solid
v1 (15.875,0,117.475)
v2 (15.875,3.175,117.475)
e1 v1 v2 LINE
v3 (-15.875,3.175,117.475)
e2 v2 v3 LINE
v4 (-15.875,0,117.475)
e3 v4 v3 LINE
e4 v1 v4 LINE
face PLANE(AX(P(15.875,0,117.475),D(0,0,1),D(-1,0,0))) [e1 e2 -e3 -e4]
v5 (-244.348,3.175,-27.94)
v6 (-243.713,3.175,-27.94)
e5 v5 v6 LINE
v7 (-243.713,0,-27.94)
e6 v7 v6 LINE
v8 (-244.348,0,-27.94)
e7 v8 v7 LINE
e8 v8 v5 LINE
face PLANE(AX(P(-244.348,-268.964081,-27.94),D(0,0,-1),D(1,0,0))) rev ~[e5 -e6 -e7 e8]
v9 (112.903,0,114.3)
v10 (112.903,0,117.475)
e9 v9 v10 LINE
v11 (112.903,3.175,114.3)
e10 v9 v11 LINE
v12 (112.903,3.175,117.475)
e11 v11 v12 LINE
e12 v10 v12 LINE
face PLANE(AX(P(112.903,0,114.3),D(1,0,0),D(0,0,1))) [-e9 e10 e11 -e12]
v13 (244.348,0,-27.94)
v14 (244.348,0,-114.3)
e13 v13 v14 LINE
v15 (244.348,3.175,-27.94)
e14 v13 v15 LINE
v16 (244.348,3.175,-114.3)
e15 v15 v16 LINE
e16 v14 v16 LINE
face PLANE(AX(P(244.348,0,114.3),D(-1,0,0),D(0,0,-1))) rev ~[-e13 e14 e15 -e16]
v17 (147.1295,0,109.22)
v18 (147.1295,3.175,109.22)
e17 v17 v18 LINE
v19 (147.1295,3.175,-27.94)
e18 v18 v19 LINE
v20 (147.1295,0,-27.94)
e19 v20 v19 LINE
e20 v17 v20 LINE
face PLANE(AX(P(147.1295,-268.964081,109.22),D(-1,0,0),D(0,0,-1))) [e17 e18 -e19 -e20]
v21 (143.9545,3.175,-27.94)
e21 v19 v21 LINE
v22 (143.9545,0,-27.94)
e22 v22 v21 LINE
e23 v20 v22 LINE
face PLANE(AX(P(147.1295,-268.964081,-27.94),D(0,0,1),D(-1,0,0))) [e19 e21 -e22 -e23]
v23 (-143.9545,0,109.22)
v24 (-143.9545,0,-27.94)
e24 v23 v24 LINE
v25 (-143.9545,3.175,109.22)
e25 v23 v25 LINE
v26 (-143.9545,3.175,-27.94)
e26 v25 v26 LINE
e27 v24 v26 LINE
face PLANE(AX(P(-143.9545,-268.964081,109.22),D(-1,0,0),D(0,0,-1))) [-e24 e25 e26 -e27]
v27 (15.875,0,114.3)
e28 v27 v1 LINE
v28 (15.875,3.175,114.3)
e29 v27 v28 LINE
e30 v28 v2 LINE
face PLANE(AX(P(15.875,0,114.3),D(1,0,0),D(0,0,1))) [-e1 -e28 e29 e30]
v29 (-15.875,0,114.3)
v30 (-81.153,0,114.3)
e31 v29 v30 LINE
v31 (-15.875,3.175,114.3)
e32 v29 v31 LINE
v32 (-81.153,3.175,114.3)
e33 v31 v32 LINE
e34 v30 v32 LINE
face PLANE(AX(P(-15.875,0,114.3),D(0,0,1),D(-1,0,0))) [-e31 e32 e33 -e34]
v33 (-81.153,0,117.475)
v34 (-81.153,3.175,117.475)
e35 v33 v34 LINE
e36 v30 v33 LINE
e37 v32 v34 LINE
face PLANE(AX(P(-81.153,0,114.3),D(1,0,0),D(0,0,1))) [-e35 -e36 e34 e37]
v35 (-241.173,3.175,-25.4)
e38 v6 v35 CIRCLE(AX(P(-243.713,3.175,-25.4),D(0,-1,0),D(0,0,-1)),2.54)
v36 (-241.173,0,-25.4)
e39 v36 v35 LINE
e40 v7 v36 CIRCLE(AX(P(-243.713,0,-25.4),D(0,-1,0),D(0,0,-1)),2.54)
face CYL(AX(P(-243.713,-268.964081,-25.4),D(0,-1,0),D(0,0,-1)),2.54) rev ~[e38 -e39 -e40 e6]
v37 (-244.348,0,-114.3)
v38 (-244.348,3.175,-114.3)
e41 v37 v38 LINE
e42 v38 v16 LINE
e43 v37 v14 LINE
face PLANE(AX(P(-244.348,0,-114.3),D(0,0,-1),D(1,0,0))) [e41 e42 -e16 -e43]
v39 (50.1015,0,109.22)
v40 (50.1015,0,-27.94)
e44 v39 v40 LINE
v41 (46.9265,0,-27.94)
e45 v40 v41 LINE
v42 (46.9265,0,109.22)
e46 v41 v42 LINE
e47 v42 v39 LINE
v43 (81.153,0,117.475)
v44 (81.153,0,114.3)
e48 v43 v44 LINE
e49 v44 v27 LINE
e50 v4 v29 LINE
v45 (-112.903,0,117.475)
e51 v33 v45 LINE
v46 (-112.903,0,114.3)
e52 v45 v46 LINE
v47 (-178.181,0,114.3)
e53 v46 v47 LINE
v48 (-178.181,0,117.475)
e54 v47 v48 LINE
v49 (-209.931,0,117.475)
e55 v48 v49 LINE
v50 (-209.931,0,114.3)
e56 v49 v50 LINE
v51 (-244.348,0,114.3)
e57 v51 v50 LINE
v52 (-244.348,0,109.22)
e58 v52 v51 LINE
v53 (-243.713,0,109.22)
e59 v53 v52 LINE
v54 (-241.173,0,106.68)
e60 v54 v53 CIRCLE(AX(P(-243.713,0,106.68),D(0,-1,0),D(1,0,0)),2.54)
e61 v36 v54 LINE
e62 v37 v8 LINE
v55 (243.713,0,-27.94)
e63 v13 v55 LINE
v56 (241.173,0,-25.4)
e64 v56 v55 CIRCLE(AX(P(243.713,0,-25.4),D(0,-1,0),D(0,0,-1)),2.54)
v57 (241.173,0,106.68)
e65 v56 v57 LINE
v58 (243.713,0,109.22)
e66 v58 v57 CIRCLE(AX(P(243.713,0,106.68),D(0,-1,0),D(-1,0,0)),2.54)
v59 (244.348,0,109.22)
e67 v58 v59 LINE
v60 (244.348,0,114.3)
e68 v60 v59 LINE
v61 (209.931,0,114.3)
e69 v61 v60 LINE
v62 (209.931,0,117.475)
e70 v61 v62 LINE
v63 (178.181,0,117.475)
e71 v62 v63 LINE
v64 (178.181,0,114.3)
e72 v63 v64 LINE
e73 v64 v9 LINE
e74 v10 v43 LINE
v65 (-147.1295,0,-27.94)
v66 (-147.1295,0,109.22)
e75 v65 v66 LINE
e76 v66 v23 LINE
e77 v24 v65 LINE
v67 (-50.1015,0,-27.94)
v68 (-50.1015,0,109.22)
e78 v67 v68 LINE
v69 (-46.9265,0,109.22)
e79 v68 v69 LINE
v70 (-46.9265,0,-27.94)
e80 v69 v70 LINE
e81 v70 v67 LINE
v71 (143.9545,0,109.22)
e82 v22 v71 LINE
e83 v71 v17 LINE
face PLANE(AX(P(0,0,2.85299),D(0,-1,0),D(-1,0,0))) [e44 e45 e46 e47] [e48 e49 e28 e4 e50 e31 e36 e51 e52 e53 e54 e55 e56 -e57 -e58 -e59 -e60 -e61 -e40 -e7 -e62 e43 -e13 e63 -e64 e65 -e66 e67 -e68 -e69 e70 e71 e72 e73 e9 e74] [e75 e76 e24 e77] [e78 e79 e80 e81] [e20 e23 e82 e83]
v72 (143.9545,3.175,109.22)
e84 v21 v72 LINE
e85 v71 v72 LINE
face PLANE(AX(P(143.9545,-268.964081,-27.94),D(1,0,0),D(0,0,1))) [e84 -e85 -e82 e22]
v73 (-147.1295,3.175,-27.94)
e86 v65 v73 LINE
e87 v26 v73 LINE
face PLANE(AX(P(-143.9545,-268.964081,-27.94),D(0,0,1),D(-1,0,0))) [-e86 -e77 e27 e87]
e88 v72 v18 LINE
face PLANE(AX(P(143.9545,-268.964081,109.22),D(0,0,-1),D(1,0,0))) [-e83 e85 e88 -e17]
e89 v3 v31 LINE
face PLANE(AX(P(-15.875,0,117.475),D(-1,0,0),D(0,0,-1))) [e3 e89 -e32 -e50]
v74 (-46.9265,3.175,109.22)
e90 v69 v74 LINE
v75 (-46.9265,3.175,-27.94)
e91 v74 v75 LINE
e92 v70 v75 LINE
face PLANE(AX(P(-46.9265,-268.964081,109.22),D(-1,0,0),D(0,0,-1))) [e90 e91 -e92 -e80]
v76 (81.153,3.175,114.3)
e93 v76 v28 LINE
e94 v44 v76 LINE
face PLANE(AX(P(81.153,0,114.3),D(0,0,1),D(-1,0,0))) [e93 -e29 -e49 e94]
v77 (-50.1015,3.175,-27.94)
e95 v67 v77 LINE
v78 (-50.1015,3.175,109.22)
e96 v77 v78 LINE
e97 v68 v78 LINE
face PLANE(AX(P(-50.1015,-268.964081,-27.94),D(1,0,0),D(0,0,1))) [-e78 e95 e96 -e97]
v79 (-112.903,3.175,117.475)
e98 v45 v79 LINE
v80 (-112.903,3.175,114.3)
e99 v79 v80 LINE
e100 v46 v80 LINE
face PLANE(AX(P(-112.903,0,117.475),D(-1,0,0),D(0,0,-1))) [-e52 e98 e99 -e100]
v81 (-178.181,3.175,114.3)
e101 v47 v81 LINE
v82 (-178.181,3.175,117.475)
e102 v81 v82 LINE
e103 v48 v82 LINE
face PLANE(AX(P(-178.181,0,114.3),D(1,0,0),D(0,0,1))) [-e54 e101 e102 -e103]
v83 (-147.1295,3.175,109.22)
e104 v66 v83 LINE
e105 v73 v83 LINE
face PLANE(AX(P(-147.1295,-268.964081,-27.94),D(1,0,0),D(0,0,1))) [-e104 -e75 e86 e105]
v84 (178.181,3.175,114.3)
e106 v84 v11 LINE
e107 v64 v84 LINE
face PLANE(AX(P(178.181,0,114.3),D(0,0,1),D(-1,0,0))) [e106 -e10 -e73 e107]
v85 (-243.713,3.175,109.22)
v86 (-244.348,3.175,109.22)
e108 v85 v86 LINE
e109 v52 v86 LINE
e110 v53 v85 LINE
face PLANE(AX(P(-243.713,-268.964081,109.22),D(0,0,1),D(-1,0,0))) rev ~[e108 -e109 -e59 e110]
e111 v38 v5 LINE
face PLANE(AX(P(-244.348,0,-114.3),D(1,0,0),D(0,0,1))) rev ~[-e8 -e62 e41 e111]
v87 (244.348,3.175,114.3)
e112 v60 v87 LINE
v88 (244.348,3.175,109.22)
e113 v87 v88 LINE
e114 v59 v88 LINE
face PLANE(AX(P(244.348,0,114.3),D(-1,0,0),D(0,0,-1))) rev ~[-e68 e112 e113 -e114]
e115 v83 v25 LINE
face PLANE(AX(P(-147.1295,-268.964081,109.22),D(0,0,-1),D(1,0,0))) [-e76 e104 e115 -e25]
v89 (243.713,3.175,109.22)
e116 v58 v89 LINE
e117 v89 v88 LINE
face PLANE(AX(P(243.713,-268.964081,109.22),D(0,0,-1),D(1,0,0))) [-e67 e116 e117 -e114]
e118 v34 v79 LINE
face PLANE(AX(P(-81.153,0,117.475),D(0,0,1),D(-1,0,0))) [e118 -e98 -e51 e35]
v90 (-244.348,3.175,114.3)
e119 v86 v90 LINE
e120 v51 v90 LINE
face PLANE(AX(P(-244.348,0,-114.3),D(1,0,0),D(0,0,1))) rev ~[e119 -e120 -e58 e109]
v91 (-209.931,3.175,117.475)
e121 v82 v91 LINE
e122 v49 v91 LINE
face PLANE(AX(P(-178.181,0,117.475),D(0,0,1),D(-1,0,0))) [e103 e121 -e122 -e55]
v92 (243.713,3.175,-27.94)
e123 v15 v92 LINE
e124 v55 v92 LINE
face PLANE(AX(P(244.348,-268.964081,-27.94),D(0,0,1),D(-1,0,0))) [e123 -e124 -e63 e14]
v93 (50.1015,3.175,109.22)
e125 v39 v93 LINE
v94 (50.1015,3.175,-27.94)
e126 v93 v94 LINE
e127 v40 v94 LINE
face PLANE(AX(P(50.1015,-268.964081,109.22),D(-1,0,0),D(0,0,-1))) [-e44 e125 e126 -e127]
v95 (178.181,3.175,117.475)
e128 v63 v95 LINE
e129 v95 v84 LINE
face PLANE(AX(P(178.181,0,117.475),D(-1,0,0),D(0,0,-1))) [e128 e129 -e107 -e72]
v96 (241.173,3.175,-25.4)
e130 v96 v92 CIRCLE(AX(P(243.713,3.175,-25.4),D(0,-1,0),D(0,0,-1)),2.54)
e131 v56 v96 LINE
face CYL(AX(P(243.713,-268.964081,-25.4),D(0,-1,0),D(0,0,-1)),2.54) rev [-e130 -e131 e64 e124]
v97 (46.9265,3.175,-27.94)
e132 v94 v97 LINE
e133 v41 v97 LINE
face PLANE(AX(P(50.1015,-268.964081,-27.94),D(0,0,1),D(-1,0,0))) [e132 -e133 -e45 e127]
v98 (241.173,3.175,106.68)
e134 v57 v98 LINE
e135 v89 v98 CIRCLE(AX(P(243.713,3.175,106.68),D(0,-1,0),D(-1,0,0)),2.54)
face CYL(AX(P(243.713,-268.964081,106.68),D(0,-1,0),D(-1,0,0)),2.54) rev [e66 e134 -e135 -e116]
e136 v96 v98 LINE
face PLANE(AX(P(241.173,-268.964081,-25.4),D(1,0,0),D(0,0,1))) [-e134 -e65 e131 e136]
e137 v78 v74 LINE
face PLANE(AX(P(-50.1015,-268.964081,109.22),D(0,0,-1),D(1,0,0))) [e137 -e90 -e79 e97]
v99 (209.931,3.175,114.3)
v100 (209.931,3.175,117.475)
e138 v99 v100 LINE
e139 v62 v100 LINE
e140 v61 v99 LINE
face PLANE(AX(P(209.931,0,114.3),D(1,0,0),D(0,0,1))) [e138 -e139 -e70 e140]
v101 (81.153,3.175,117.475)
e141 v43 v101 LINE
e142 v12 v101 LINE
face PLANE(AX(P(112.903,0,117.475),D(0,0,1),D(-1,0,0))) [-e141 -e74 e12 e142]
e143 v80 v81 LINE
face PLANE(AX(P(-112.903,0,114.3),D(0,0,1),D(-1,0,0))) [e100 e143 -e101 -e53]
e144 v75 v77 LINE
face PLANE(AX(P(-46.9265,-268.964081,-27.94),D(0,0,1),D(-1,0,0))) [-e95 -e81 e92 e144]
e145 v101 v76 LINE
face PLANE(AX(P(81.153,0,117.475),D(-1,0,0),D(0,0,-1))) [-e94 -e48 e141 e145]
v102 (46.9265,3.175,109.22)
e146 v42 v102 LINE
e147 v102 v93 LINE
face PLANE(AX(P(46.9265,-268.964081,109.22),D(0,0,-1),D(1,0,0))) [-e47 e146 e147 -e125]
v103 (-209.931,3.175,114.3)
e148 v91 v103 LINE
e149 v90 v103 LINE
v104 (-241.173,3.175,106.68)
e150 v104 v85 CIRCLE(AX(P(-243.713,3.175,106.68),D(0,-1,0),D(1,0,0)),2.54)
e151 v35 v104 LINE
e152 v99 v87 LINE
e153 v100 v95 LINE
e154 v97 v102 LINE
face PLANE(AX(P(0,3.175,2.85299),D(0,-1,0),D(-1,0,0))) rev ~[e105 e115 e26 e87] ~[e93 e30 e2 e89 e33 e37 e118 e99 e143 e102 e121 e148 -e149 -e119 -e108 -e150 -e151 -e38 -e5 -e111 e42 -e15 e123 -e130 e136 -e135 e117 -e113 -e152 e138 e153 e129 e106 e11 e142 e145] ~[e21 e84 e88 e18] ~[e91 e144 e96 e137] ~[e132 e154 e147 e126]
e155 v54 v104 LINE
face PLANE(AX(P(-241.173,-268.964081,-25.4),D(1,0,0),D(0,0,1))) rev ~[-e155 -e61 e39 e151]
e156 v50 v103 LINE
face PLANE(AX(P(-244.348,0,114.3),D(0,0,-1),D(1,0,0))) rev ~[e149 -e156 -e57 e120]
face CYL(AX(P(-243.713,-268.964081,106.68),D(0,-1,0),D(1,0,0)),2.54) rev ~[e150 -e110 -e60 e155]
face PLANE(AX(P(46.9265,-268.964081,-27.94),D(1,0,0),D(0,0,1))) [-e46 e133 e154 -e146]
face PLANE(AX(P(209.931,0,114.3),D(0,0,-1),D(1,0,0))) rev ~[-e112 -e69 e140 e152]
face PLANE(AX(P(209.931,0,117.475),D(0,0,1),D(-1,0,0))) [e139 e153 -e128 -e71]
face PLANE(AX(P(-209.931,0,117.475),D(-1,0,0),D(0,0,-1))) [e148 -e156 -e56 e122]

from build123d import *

# Parameters (mm, degrees)
BOSS_EXTRUDE1_DEPTH     = 3.175
CUT_EXTRUDE1_DEPTH      = 272.1390812
CUT_EXTRUDE1_DEPTH_BACK = 272.1390812
CUT_EXTRUDE3_DEPTH      = 272.1390812
CUT_EXTRUDE3_DEPTH_BACK = 272.1390812


with BuildPart() as part:
    # Sketch1 → Boss-Extrude1 (new body)
    with BuildSketch(Plane(origin=(0, 0, 0), x_dir=(1, 0, 0), z_dir=(0, 1, 0))):
        Polygon((-244.348, 114.3), (244.348, 114.3), (244.348, 31.75), (244.348, -114.3), (241.173, -114.3), (209.931, -114.3), (209.931, -117.475), (178.181, -117.475), (178.181, -114.3), (112.903, -114.3), (112.903, -117.475), (81.153, -117.475), (81.153, -114.3), (15.875, -114.3), (15.875, -117.475), (-15.875, -117.475), (-15.875, -114.3), (-81.153, -114.3), (-81.153, -117.475), (-112.903, -117.475), (-112.903, -114.3), (-178.181, -114.3), (-178.181, -117.475), (-209.931, -117.475), (-209.931, -114.3), (-241.173, -114.3), (-244.348, -114.3), (-244.348, 31.75), align=None)
    extrude(amount=BOSS_EXTRUDE1_DEPTH)

    # Sketch2 → Cut-Extrude1 (cut, two sides: drawn at the far end of the back side and taken through both)
    with BuildSketch(Plane(origin=(0, 3.175, 0), x_dir=(1, 0, 0), z_dir=(0, 1, 0)).offset(-CUT_EXTRUDE1_DEPTH_BACK)):
        with BuildLine():
            Line((244.348, 27.94), (243.713, 27.94))
            ThreePointArc((243.713, 27.94), (241.916948776, 27.196051224), (241.173, 25.4))
            Line((241.173, 25.4), (241.173, -106.68))
            ThreePointArc((241.173, -106.68), (241.916948776, -108.476051224), (243.713, -109.22))
            Line((243.713, -109.22), (244.348, -109.22))
            Line((244.348, -109.22), (244.348, 27.94))
        make_face()
        with BuildLine():
            Line((-243.713, -109.22), (-244.348, -109.22))
            Line((-244.348, -109.22), (-244.348, 27.94))
            Line((-244.348, 27.94), (-243.713, 27.94))
            ThreePointArc((-243.713, 27.94), (-241.916948776, 27.196051224), (-241.173, 25.4))
            Line((-241.173, 25.4), (-241.173, -106.68))
            ThreePointArc((-241.173, -106.68), (-241.916948776, -108.476051224), (-243.713, -109.22))
        make_face()
    extrude(amount=CUT_EXTRUDE1_DEPTH + CUT_EXTRUDE1_DEPTH_BACK, mode=Mode.SUBTRACT)

    # Sketch4 → Cut-Extrude3 (cut, two sides: drawn at the far end of the back side and taken through both)
    with BuildSketch(Plane(origin=(0, 3.175, 0), x_dir=(1, 0, 0), z_dir=(0, 1, 0)).offset(-CUT_EXTRUDE3_DEPTH_BACK)):
        Polygon((-145.542, 27.94), (-147.1295, 27.94), (-147.1295, -109.22), (-145.542, -109.22), (-143.9545, -109.22), (-143.9545, 27.94), align=None)
        Polygon((-50.1015, -109.22), (-48.514, -109.22), (-46.9265, -109.22), (-46.9265, 27.94), (-48.514, 27.94), (-50.1015, 27.94), align=None)
        Polygon((46.9265, -109.22), (48.514, -109.22), (50.1015, -109.22), (50.1015, 27.94), (48.514, 27.94), (46.9265, 27.94), align=None)
        Polygon((143.9545, -109.22), (145.542, -109.22), (147.1295, -109.22), (147.1295, 27.94), (145.542, 27.94), (143.9545, 27.94), align=None)
    extrude(amount=CUT_EXTRUDE3_DEPTH + CUT_EXTRUDE3_DEPTH_BACK, mode=Mode.SUBTRACT)


solid = part.part
